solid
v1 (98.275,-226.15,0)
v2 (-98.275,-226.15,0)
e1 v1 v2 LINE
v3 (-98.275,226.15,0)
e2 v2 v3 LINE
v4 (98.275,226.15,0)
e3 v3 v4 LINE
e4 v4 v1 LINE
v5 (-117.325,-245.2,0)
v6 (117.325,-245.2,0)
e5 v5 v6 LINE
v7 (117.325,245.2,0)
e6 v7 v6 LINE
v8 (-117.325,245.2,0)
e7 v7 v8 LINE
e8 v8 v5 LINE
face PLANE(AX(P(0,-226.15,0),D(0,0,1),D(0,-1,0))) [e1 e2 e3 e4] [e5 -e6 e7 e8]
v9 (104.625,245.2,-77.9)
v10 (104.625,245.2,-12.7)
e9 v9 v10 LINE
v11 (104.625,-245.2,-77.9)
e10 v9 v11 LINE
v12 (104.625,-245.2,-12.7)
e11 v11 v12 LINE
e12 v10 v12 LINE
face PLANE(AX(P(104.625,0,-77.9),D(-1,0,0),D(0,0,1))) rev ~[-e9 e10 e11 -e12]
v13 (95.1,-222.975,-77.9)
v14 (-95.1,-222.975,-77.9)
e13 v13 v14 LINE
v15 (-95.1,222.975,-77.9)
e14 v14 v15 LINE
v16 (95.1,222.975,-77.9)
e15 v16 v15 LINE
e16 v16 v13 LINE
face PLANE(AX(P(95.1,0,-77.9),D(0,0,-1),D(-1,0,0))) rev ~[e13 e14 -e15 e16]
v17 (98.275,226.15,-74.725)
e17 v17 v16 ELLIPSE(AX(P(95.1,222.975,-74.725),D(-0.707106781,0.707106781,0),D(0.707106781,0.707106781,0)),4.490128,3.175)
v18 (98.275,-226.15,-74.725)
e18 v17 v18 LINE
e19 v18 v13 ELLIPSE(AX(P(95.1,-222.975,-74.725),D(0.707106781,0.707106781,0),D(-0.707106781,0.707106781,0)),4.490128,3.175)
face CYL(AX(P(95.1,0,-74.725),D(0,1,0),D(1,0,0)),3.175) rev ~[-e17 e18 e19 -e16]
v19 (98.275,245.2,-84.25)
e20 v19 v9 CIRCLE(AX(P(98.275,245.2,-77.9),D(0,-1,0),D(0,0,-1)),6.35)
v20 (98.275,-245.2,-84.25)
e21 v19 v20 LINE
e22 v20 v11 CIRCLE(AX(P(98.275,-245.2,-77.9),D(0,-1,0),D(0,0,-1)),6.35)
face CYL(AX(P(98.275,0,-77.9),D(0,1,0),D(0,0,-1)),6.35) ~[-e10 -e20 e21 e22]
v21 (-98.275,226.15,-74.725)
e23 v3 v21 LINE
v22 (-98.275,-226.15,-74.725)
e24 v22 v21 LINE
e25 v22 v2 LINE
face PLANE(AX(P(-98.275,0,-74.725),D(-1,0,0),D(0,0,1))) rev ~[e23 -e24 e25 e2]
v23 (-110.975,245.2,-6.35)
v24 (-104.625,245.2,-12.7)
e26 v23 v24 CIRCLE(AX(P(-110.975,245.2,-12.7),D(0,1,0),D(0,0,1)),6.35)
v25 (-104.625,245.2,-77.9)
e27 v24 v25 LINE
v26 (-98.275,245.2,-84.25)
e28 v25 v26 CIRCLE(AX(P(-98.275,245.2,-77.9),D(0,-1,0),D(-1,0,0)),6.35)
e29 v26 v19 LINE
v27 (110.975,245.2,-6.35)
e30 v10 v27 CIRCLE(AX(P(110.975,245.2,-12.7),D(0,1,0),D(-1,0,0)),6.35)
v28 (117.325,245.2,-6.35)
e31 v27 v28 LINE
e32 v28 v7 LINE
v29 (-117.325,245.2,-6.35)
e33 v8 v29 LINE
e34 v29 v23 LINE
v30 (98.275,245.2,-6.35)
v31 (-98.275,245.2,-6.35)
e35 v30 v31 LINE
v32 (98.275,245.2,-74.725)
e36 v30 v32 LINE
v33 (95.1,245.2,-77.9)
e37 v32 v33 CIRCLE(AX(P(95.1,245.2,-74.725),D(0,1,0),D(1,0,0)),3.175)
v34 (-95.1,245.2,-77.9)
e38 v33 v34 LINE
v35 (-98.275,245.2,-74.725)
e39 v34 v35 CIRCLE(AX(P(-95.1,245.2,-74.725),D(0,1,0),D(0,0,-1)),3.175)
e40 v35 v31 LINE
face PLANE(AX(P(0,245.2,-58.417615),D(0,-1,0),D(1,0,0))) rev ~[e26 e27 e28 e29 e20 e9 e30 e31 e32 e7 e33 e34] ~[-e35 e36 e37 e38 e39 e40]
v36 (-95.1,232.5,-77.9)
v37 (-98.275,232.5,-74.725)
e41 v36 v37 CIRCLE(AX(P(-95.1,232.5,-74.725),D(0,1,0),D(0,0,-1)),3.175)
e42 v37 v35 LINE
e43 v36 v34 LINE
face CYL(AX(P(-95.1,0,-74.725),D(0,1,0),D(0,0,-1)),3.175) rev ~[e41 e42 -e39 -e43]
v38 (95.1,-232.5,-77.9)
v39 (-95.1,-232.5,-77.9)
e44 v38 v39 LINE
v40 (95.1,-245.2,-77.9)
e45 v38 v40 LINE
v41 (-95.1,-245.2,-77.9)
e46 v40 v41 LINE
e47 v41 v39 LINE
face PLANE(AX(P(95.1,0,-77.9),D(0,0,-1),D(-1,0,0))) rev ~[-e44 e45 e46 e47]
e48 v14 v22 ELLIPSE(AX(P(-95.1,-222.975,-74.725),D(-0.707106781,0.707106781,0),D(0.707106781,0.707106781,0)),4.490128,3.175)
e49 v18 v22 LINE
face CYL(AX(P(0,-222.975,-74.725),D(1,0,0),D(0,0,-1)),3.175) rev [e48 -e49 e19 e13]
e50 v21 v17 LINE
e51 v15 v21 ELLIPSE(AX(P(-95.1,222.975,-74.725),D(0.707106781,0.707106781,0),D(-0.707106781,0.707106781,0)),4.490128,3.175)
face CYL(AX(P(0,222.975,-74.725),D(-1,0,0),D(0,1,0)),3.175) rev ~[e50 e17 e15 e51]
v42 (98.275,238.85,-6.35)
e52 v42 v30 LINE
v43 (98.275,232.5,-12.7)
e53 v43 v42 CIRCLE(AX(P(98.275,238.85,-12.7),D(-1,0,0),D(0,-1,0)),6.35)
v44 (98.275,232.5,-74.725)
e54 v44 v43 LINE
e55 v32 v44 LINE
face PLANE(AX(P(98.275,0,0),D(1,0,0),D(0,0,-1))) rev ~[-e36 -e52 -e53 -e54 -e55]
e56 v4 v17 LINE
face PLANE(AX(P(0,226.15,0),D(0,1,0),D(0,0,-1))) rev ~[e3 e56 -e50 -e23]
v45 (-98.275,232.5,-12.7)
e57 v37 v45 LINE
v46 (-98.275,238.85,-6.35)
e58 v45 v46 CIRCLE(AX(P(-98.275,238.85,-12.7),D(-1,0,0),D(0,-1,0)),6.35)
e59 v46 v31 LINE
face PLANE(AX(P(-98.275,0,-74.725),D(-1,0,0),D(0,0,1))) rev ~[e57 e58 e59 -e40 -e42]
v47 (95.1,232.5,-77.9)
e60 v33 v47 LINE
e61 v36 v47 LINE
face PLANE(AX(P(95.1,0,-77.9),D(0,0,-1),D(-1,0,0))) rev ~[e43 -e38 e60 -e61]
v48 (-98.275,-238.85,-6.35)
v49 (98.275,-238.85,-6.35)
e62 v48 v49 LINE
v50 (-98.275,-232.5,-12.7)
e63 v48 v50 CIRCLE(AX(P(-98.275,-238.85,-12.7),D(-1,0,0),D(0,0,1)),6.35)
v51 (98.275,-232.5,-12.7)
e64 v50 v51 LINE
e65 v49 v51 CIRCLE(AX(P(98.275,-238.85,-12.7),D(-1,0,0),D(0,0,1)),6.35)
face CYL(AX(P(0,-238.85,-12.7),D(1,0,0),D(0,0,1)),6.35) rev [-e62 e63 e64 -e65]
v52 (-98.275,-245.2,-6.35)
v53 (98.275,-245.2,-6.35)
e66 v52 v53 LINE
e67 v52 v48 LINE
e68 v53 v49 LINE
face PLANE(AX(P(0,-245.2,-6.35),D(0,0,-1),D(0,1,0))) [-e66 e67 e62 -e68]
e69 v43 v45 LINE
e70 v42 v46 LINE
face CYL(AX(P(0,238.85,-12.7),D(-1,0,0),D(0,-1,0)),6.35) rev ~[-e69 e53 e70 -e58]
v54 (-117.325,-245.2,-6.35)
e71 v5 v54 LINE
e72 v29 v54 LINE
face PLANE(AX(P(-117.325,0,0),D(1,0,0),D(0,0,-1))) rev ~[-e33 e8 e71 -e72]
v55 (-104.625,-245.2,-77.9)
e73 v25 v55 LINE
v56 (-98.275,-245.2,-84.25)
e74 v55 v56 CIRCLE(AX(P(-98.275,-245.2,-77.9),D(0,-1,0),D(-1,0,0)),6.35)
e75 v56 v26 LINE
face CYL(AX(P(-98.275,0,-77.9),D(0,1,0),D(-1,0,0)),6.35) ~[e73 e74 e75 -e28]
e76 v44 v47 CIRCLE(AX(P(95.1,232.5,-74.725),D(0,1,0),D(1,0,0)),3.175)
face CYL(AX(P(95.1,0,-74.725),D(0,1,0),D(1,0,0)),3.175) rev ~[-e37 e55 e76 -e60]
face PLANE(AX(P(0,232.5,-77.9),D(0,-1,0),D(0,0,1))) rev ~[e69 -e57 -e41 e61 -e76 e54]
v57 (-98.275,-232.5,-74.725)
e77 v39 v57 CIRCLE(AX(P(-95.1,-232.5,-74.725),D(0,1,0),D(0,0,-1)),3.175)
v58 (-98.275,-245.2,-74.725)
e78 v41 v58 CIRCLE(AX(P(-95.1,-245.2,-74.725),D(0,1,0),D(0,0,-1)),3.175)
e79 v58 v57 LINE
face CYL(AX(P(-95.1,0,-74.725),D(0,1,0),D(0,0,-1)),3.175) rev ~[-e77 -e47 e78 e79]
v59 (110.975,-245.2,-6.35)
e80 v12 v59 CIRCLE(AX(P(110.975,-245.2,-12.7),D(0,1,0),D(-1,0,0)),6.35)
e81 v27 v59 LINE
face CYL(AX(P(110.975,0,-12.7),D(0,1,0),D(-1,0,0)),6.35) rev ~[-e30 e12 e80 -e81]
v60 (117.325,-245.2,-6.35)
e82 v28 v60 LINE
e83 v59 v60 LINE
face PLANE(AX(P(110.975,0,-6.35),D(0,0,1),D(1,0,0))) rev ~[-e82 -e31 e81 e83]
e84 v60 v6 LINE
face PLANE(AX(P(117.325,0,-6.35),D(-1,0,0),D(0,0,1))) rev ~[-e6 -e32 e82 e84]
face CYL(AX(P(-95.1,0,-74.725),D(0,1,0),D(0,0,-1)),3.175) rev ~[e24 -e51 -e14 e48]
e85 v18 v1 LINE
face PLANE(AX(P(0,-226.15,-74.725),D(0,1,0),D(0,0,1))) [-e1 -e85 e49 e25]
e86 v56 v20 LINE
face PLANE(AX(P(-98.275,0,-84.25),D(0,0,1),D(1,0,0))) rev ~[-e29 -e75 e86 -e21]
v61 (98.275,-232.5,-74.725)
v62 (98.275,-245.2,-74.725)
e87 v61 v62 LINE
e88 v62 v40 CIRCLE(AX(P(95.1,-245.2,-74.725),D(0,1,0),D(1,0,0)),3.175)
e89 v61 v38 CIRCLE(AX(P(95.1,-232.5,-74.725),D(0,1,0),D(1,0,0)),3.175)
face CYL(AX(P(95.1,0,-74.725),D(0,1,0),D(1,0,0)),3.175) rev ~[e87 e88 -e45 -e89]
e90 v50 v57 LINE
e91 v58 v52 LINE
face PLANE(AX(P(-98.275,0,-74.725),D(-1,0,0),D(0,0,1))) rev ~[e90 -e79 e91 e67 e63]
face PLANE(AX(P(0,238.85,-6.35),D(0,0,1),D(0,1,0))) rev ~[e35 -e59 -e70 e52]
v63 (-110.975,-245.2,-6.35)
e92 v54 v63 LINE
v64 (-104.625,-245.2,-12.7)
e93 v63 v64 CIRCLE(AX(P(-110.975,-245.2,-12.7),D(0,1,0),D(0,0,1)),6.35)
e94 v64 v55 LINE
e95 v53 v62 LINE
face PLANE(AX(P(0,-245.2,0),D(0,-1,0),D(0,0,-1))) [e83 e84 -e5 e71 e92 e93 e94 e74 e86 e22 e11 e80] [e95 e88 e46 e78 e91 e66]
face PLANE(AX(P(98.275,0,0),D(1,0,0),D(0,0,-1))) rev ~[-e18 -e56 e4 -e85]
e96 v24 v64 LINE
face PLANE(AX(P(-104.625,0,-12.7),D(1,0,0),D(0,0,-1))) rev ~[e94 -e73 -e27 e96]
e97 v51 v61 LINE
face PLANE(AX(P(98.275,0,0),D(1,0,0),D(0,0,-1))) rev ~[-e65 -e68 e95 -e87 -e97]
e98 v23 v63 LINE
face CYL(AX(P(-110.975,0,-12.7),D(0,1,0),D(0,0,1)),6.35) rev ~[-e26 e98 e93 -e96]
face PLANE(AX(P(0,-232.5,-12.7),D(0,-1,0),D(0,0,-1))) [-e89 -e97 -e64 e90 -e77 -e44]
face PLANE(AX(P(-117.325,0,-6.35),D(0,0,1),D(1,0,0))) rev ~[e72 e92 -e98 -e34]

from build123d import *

# Parameters (mm, degrees)
F3_DEPTH      = 245.2
F3_DEPTH_BACK = 245.2
F4_DEPTH      = 98.275
F4_DEPTH_BACK = 98.275


with BuildPart() as f3:
    # F1 (on Front) → F3 (new body, two sides)
    with BuildSketch(Plane.XZ) as f3_sk:
        with BuildLine():
            Line((-98.275, 0), (-104.625, 0))
            Line((-104.625, 0), (-117.325, 0))
            Line((-117.325, 0), (-117.325, -6.35))
            Line((-117.325, -6.35), (-110.975, -6.35))
            ThreePointArc((-110.975, -6.35), (-106.4848719395, -8.2098719395), (-104.625, -12.7))
            Line((-104.625, -12.7), (-104.625, -77.9))
            ThreePointArc((-104.625, -77.9), (-102.7651280605, -82.3901280605), (-98.275, -84.25))
            Line((-98.275, -84.25), (98.275, -84.25))
            ThreePointArc((98.275, -84.25), (102.7651280605, -82.3901280605), (104.625, -77.9))
            Line((104.625, -77.9), (104.625, -12.7))
            ThreePointArc((104.625, -12.7), (106.4848719395, -8.2098719395), (110.975, -6.35))
            Line((110.975, -6.35), (117.325, -6.35))
            Line((117.325, -6.35), (117.325, 0))
            Line((117.325, 0), (104.625, 0))
            Line((104.625, 0), (98.275, 0))
            Line((98.275, 0), (98.275, -74.725))
            ThreePointArc((98.275, -74.725), (97.3450640303, -76.9700640303), (95.1, -77.9))
            Line((95.1, -77.9), (-95.1, -77.9))
            ThreePointArc((-95.1, -77.9), (-97.3450640303, -76.9700640303), (-98.275, -74.725))
            Line((-98.275, -74.725), (-98.275, 0))
        make_face()
    extrude(amount=-F3_DEPTH)
    extrude(f3_sk.sketch, amount=F3_DEPTH_BACK)

    # F2 (on Right) → F4 (join, two sides)
    with BuildSketch(Plane.YZ) as f4_sk:
        with BuildLine():
            Line((-226.15, 0), (-232.5, 0))
            Line((-232.5, 0), (-245.2, 0))
            Line((-245.2, 0), (-245.2, -6.35))
            Line((-245.2, -6.35), (-238.85, -6.35))
            ThreePointArc((-238.85, -6.35), (-234.3598719395, -8.2098719395), (-232.5, -12.7))
            Line((-232.5, -12.7), (-232.5, -77.9))
            ThreePointArc((-232.5, -77.9), (-230.6401280605, -82.3901280605), (-226.15, -84.25))
            Line((-226.15, -84.25), (226.15, -84.25))
            ThreePointArc((226.15, -84.25), (230.6401280605, -82.3901280605), (232.5, -77.9))
            Line((232.5, -77.9), (232.5, -12.7))
            ThreePointArc((232.5, -12.7), (234.3598719395, -8.2098719395), (238.85, -6.35))
            Line((238.85, -6.35), (245.2, -6.35))
            Line((245.2, -6.35), (245.2, 0))
            Line((245.2, 0), (232.5, 0))
            Line((232.5, 0), (226.15, 0))
            Line((226.15, 0), (226.15, -74.725))
            ThreePointArc((226.15, -74.725), (225.2200640303, -76.9700640303), (222.975, -77.9))
            Line((222.975, -77.9), (-222.975, -77.9))
            ThreePointArc((-222.975, -77.9), (-225.2200640303, -76.9700640303), (-226.15, -74.725))
            Line((-226.15, -74.725), (-226.15, 0))
        make_face()
    extrude(amount=F4_DEPTH)
    extrude(f4_sk.sketch, amount=-F4_DEPTH_BACK)


solid = f3.part
